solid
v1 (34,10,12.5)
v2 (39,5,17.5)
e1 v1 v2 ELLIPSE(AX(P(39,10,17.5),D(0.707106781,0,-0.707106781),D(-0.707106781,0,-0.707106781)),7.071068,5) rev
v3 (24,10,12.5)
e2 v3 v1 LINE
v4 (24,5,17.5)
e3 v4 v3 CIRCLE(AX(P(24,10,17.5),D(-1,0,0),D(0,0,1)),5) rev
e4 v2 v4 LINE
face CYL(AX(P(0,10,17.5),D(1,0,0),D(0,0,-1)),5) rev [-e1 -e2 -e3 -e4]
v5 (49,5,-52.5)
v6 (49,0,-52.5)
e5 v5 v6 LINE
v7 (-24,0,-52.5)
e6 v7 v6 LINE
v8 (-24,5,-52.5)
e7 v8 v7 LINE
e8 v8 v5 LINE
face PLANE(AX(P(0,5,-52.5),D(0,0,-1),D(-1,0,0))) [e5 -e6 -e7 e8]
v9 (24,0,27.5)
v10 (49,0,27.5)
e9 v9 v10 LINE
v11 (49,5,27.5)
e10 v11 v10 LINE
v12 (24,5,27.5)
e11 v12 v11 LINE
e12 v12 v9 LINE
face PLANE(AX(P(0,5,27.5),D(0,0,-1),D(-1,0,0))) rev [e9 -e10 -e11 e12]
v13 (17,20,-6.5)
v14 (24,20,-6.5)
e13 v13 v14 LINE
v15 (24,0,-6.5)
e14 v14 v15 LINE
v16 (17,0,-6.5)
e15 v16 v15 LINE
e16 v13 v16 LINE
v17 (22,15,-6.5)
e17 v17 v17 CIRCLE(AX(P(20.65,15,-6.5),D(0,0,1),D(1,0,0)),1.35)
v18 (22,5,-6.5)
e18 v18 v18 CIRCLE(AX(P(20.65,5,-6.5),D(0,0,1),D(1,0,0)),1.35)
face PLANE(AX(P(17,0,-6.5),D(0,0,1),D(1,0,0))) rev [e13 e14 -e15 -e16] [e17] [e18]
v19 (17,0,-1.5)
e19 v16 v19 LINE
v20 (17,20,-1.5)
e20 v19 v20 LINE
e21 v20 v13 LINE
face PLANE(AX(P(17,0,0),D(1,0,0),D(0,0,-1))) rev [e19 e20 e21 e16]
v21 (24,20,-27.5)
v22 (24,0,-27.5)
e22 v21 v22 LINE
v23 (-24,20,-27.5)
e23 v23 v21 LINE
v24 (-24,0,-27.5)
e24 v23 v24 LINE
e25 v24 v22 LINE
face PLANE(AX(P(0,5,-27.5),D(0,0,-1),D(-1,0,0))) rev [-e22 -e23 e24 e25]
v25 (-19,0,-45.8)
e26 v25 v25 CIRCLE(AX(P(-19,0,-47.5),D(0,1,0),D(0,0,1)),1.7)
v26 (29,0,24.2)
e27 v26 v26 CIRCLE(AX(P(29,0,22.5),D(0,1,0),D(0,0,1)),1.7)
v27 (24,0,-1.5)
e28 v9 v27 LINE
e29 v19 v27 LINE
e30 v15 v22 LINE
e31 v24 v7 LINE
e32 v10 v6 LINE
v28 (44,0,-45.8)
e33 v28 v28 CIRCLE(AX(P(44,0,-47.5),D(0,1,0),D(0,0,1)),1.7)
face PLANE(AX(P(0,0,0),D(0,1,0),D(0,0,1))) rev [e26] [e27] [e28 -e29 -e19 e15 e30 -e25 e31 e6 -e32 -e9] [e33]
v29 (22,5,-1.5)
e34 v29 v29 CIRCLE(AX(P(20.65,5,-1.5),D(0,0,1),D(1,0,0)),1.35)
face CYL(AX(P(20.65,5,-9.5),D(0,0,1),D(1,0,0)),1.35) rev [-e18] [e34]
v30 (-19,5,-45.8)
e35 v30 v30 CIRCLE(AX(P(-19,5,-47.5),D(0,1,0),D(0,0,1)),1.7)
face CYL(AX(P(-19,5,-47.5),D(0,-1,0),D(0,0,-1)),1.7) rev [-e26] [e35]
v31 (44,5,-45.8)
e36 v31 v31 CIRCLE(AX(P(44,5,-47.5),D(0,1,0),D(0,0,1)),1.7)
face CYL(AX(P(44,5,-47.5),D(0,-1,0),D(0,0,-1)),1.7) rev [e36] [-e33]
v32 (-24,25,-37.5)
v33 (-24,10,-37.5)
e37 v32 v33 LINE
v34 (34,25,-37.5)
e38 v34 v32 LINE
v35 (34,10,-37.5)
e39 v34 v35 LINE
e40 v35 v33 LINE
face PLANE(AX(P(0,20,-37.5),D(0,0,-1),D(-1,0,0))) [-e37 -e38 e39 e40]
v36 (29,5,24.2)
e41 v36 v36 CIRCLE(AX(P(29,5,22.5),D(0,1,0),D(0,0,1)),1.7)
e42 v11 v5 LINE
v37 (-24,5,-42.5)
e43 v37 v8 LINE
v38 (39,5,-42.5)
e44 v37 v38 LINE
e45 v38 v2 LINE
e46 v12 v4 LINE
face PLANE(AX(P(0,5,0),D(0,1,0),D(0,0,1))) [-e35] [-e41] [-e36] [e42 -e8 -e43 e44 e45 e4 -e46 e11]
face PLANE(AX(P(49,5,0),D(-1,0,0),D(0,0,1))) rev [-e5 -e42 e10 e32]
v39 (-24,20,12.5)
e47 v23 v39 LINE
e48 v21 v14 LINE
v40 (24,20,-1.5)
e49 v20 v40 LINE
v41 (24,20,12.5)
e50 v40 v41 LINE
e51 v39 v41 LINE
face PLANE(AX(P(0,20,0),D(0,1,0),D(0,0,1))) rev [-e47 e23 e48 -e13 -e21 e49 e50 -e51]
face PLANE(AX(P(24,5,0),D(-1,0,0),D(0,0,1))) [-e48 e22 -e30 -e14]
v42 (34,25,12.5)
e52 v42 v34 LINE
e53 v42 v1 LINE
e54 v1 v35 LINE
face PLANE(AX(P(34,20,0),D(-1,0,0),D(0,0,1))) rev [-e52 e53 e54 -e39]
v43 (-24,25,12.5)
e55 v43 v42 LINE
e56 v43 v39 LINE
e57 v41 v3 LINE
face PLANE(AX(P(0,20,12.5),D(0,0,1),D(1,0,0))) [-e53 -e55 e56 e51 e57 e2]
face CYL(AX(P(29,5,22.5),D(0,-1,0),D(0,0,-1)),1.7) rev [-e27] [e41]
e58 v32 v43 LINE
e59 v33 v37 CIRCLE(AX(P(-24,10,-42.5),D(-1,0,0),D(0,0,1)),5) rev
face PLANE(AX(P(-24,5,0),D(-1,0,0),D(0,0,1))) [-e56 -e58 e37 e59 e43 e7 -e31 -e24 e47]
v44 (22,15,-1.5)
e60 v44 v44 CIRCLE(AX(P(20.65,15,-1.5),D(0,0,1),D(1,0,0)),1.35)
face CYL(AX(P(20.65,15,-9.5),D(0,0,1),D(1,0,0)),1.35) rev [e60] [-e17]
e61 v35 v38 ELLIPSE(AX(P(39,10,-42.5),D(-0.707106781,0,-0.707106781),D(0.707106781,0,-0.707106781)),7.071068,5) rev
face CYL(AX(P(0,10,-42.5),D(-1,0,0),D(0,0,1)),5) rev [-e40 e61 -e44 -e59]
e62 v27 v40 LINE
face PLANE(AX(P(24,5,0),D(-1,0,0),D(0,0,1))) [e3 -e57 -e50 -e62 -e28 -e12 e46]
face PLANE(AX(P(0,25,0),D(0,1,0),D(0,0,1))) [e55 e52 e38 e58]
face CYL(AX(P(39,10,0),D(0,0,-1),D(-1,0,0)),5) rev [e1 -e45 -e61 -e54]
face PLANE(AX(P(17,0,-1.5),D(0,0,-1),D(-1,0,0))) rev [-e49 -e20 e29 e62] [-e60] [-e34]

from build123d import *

# Parameters (mm, degrees)
SKETCH_1_R          = 1.7
EXTRUDE_1_DEPTH     = 5
EXTRUDE_2_DEPTH     = 15
SKETCH_3_W          = 58
SKETCH_3_H          = 50
EXTRUDE_3_DEPTH     = 5
SKETCH_4_W          = 5
SKETCH_4_H          = 20
EXTRUDE_4_DEPTH     = 7
SKETCH_6_R          = 1.35
CUT_EXTRUDE_1_DEPTH = 8
FILLET_1_R          = 5


with BuildPart() as part:
    # 草图1 → 凸台-拉伸1 (new body)
    with BuildSketch(Plane(origin=(0, 0, 0), x_dir=(1, 0, 0), z_dir=(0, 1, 0))):
        Polygon((24, 27.5), (24, -27.5), (49, -27.5), (49, 52.5), (-24, 52.5), (-24, 27.5), align=None)
        with Locations(Location((29, -22.5, 0), (0, 0, 270))):
            Circle(SKETCH_1_R, mode=Mode.SUBTRACT)
        with Locations(Location((44, 47.5, 0), (0, 0, 270))):
            Circle(SKETCH_1_R, mode=Mode.SUBTRACT)
        with Locations(Location((-19, 47.5, 0), (0, 0, 270))):
            Circle(SKETCH_1_R, mode=Mode.SUBTRACT)
    extrude(amount=EXTRUDE_1_DEPTH)

    # 草图2 → 凸台-拉伸2 (add)
    with BuildSketch(Plane(origin=(0, 5, 0), x_dir=(1, 0, 0), z_dir=(0, 1, 0))):
        Polygon((-24, 37.5), (-24, 27.5), (24, 27.5), (24, -12.5), (34, -12.5), (34, 37.5), align=None)
    extrude(amount=EXTRUDE_2_DEPTH)

    # 草图3 → 凸台-拉伸3 (add)
    with BuildSketch(Plane(origin=(0, 20, 0), x_dir=(1, 0, 0), z_dir=(0, 1, 0))):
        with Locations((5, 12.5)):
            Rectangle(SKETCH_3_W, SKETCH_3_H)
    extrude(amount=EXTRUDE_3_DEPTH)

    # 草图4 → 凸台-拉伸4 (add)
    with BuildSketch(Plane.ZY.offset(-24)):
        with Locations((-4, 10)):
            Rectangle(SKETCH_4_W, SKETCH_4_H)
    extrude(amount=EXTRUDE_4_DEPTH)

    # 草图6 → 切除-拉伸1 (cut)
    with BuildSketch(Plane.XY.offset(-1.5)):
        with Locations((20.65, 15)):
            Circle(SKETCH_6_R)
        with Locations((20.65, 5)):
            Circle(SKETCH_6_R)
    extrude(amount=-CUT_EXTRUDE_1_DEPTH, mode=Mode.SUBTRACT)

    # 圆角1
    fillet_1_edges = [part.edges().sort_by_distance(p)[0] for p in [
        (34, 5, -12.5),
        (5, 5, -37.5),
        (29, 5, 12.5),
    ]]
    fillet(fillet_1_edges, radius=FILLET_1_R)


solid = part.part
